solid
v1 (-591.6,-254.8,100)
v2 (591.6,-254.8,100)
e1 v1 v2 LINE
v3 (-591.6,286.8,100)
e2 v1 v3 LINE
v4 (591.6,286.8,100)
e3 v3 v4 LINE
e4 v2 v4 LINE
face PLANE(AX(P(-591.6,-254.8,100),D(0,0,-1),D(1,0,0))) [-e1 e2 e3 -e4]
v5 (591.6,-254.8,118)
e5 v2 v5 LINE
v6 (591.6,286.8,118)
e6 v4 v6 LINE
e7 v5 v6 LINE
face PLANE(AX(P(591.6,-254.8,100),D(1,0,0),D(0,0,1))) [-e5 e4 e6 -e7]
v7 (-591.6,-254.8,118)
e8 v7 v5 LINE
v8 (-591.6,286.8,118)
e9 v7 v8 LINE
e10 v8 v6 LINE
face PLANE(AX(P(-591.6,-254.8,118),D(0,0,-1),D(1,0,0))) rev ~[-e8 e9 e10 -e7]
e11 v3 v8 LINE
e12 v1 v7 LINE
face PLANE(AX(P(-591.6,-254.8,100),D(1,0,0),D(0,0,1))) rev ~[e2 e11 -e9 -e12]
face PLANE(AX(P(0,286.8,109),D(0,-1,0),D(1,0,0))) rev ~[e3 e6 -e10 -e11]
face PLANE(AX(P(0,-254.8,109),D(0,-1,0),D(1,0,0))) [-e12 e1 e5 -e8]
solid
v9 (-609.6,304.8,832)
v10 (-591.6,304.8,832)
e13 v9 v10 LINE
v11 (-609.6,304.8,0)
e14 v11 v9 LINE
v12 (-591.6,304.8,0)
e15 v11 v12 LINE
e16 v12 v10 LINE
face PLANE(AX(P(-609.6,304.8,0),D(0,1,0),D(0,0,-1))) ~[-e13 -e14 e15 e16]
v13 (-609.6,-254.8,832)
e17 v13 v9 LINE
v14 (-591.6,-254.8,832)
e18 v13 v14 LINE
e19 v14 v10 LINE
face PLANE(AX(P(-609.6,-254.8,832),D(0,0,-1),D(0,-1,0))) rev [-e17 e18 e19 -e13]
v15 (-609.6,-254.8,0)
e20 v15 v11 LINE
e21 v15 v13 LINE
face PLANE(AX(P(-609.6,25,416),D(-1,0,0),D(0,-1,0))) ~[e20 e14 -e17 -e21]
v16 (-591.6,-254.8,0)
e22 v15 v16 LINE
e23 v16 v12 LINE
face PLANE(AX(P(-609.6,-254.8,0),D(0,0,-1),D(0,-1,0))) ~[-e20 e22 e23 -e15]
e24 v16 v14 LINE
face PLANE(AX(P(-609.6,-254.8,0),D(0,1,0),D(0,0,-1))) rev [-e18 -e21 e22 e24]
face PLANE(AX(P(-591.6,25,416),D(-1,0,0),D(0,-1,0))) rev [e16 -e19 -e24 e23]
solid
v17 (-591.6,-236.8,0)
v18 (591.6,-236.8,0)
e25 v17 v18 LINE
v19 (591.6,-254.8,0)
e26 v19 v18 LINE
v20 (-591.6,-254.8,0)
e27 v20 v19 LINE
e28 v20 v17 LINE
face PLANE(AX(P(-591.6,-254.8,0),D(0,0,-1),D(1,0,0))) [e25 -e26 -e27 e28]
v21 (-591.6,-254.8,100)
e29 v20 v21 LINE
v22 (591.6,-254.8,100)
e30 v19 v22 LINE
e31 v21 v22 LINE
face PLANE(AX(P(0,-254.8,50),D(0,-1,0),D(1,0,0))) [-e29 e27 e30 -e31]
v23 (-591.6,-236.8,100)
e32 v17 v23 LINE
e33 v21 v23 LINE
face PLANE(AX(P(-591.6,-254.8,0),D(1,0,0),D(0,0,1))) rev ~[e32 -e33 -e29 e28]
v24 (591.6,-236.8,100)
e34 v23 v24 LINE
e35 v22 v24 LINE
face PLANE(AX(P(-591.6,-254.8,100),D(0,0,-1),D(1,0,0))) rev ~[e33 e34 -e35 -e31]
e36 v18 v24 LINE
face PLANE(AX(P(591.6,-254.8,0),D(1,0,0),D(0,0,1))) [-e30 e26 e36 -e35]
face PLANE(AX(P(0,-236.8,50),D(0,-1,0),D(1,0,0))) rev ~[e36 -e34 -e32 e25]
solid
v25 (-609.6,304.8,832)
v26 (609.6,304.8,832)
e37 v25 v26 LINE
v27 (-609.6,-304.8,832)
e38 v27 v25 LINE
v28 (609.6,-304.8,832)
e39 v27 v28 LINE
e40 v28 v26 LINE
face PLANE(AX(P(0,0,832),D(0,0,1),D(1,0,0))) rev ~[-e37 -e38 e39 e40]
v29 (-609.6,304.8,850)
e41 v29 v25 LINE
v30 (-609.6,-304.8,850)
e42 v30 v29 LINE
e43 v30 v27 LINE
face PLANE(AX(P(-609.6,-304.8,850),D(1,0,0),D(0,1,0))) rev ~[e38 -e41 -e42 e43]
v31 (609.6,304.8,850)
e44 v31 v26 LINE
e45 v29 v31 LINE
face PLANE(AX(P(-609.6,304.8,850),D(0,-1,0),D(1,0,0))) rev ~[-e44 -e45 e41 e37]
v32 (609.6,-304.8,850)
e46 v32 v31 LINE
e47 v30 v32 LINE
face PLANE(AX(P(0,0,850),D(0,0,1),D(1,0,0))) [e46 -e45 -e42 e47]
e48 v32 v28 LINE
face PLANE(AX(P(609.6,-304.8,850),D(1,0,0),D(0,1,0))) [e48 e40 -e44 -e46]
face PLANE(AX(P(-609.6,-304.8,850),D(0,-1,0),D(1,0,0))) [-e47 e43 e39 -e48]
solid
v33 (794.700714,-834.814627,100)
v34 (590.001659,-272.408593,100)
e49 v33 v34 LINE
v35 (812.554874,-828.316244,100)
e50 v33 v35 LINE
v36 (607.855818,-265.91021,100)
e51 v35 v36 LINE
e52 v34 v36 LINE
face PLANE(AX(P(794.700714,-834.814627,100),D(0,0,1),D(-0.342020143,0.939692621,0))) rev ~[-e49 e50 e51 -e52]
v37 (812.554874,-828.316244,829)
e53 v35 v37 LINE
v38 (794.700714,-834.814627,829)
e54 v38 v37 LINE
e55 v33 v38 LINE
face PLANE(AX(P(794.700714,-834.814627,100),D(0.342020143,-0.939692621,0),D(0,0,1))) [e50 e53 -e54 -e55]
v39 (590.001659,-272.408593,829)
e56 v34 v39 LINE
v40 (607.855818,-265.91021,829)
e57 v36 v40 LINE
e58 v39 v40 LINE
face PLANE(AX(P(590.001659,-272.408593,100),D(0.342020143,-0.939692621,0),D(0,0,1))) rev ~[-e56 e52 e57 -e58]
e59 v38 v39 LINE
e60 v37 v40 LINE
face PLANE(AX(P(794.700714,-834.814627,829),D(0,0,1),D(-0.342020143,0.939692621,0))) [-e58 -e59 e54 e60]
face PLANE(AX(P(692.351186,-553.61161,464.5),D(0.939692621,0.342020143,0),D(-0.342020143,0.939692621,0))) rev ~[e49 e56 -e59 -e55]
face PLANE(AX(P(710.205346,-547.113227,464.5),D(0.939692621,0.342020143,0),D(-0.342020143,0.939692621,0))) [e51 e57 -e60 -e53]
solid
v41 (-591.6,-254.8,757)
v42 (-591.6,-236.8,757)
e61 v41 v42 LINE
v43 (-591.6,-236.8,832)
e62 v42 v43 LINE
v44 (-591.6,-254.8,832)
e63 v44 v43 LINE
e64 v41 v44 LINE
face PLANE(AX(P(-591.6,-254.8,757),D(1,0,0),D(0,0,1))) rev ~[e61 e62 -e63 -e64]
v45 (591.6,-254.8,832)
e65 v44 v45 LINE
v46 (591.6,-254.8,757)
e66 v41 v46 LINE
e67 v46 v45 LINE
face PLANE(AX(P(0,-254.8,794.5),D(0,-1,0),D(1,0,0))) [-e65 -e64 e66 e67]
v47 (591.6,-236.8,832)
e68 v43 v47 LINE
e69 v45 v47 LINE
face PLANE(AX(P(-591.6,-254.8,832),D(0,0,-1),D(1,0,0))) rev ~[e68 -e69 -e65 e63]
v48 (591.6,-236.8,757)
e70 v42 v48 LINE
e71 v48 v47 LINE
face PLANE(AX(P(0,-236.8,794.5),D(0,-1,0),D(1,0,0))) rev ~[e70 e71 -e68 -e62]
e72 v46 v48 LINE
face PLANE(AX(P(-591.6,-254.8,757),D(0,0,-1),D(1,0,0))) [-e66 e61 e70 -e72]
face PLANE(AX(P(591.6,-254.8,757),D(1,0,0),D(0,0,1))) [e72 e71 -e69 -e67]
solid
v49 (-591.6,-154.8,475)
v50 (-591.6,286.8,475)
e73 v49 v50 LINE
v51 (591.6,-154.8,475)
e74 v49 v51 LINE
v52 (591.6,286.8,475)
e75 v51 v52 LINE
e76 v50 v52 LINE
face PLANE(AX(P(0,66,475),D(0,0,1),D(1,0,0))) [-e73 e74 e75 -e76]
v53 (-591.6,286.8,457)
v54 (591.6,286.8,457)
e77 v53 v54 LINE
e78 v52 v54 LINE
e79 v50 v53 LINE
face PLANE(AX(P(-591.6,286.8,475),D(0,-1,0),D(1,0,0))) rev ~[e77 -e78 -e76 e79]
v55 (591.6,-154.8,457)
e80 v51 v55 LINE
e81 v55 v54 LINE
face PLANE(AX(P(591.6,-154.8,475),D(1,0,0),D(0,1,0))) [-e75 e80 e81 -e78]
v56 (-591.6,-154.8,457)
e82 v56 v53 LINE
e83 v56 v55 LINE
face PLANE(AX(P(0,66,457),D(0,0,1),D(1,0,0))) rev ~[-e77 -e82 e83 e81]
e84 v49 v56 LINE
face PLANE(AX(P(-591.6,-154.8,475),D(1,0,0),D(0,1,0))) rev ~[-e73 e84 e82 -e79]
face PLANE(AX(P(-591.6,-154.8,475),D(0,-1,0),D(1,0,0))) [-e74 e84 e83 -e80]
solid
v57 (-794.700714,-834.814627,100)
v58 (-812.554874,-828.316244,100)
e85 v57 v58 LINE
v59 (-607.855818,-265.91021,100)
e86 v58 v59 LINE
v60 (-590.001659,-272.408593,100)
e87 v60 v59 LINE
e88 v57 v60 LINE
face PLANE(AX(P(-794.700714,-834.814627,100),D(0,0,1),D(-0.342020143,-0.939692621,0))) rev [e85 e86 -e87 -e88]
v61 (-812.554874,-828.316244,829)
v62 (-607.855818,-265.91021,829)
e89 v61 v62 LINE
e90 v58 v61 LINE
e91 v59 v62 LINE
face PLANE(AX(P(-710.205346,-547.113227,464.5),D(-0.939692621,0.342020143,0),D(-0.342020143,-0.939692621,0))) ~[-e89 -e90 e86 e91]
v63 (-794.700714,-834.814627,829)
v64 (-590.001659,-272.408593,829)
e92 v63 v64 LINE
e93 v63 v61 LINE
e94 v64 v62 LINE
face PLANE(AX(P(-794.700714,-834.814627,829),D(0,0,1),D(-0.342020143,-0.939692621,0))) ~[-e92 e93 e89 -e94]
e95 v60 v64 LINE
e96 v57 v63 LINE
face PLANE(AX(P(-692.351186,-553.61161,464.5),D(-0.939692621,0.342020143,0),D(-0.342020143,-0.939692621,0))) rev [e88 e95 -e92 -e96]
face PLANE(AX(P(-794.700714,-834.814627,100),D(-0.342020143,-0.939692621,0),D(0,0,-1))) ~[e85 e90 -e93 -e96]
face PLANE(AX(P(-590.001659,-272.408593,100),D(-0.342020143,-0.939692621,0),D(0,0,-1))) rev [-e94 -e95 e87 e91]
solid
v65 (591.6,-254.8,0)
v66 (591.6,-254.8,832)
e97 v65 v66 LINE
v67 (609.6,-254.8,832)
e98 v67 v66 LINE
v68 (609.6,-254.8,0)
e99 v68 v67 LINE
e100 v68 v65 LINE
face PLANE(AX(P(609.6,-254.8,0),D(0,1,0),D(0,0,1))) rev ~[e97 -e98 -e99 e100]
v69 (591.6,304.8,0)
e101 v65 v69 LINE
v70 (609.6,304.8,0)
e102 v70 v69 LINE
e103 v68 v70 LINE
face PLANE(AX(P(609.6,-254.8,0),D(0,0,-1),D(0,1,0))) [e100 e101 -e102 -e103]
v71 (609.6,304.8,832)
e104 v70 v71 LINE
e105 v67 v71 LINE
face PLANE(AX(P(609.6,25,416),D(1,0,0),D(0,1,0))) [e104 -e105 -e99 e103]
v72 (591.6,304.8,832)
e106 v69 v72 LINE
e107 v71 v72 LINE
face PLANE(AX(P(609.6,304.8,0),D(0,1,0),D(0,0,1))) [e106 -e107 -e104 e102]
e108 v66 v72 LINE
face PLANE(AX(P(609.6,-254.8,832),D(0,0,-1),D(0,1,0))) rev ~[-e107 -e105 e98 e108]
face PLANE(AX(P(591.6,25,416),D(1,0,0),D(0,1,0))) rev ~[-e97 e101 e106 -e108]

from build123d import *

# Parameters (mm, degrees)
F1_W      = 1219.2
F1_H      = 609.6
F2_DEPTH  = 18
F3_W      = 559.6
F3_H      = 832
F4_DEPTH  = 18
F7_DEPTH  = 18
F8_W      = 1183.2
F8_H      = 75
F9_DEPTH  = 18
F8_H_2    = 100
F10_DEPTH = 18
F8_H_3    = 18
F11_DEPTH = 541.6
F13_DEPTH = 1219.2
F15_W     = 1183.2
F15_H     = 441.6
F16_DEPTH = 18
F19_W     = 598.5
F19_H     = 729
F20_DEPTH = 19


with BuildPart() as f2:
    # F1 (on offset) → F2 (new body)
    with BuildSketch(Plane.XY.offset(850)):
        Rectangle(F1_W, F1_H)
    extrude(amount=-F2_DEPTH)


with BuildPart() as f4:
    # F3 (on face) → F4 (new body)
    with BuildSketch(Plane.YZ.offset(609.6)):
        with Locations((25, 416)):
            Rectangle(F3_W, F3_H)
    extrude(amount=-F4_DEPTH)


with BuildPart() as f5_1:
    # F5: instance of F4
    add(f4.part.mirror(Plane.YZ))


with BuildPart() as f7:
    # F6 (on face) → F7 (new body)
    with BuildSketch(Plane(origin=(0, 304.8, 0), x_dir=(-1, 0, 0), z_dir=(0, 1, 0))):
        Polygon((-591.6, 832), (-591.6, 0), (591.6, 0), (591.6, 832), (609.6, 832), (609.6, 1782), (-609.6, 1782), (-609.6, 832), align=None)
    extrude(amount=-F7_DEPTH)

    # F12 (on face) → F13 (join, through all)
    with BuildSketch(Plane.YZ.offset(609.6)):
        Polygon((247.8, 1782), (304.8, 1782), (304.8, 1800), (229.8, 1800), (229.8, 1782), (229.8, 1760), (247.8, 1760), align=None)
    extrude(amount=-F13_DEPTH)


with BuildPart() as f9:
    # F8 (on face) → F9 (new body)
    with BuildSketch(Plane.XZ.offset(254.8)):
        with Locations((0, 794.5)):
            Rectangle(F8_W, F8_H)
    extrude(amount=-F9_DEPTH)


with BuildPart() as f10:
    # F8 (on face) → F10 (new body)
    with BuildSketch(Plane.XZ.offset(254.8)):
        with Locations((0, 50)):
            Rectangle(F8_W, F8_H_2)
    extrude(amount=-F10_DEPTH)


with BuildPart() as f11:
    # F8 (on face) → F11 (new body, through all)
    with BuildSketch(Plane.XZ.offset(254.8)):
        with Locations((0, 109)):
            Rectangle(F8_W, F8_H_3)
    extrude(amount=-F11_DEPTH)


with BuildPart() as f16:
    # F15 (on mid) → F16 (new body)
    with BuildSketch(Plane.XY.offset(475)):
        with Locations((0, 66)):
            Rectangle(F15_W, F15_H)
    extrude(amount=-F16_DEPTH)


with BuildPart() as f20:
    # F19 (on line) → F20 (new body)
    with BuildSketch(Plane(origin=(433.434141094, 157.7571258729, 0), x_dir=(-0.3420201433, 0.9396926208, 0), z_dir=(0.9396926208, 0.3420201433, 0))):
        with Locations((-757.0227965677, 464.5)):
            Rectangle(F19_W, F19_H)
    extrude(amount=F20_DEPTH)


with BuildPart() as f21_1:
    # F21: instance of F20
    add(f20.part.mirror(Plane.YZ))


solid = Compound([f2.part, f4.part, f5_1.part, f9.part, f10.part, f11.part, f16.part, f20.part, f21_1.part])
